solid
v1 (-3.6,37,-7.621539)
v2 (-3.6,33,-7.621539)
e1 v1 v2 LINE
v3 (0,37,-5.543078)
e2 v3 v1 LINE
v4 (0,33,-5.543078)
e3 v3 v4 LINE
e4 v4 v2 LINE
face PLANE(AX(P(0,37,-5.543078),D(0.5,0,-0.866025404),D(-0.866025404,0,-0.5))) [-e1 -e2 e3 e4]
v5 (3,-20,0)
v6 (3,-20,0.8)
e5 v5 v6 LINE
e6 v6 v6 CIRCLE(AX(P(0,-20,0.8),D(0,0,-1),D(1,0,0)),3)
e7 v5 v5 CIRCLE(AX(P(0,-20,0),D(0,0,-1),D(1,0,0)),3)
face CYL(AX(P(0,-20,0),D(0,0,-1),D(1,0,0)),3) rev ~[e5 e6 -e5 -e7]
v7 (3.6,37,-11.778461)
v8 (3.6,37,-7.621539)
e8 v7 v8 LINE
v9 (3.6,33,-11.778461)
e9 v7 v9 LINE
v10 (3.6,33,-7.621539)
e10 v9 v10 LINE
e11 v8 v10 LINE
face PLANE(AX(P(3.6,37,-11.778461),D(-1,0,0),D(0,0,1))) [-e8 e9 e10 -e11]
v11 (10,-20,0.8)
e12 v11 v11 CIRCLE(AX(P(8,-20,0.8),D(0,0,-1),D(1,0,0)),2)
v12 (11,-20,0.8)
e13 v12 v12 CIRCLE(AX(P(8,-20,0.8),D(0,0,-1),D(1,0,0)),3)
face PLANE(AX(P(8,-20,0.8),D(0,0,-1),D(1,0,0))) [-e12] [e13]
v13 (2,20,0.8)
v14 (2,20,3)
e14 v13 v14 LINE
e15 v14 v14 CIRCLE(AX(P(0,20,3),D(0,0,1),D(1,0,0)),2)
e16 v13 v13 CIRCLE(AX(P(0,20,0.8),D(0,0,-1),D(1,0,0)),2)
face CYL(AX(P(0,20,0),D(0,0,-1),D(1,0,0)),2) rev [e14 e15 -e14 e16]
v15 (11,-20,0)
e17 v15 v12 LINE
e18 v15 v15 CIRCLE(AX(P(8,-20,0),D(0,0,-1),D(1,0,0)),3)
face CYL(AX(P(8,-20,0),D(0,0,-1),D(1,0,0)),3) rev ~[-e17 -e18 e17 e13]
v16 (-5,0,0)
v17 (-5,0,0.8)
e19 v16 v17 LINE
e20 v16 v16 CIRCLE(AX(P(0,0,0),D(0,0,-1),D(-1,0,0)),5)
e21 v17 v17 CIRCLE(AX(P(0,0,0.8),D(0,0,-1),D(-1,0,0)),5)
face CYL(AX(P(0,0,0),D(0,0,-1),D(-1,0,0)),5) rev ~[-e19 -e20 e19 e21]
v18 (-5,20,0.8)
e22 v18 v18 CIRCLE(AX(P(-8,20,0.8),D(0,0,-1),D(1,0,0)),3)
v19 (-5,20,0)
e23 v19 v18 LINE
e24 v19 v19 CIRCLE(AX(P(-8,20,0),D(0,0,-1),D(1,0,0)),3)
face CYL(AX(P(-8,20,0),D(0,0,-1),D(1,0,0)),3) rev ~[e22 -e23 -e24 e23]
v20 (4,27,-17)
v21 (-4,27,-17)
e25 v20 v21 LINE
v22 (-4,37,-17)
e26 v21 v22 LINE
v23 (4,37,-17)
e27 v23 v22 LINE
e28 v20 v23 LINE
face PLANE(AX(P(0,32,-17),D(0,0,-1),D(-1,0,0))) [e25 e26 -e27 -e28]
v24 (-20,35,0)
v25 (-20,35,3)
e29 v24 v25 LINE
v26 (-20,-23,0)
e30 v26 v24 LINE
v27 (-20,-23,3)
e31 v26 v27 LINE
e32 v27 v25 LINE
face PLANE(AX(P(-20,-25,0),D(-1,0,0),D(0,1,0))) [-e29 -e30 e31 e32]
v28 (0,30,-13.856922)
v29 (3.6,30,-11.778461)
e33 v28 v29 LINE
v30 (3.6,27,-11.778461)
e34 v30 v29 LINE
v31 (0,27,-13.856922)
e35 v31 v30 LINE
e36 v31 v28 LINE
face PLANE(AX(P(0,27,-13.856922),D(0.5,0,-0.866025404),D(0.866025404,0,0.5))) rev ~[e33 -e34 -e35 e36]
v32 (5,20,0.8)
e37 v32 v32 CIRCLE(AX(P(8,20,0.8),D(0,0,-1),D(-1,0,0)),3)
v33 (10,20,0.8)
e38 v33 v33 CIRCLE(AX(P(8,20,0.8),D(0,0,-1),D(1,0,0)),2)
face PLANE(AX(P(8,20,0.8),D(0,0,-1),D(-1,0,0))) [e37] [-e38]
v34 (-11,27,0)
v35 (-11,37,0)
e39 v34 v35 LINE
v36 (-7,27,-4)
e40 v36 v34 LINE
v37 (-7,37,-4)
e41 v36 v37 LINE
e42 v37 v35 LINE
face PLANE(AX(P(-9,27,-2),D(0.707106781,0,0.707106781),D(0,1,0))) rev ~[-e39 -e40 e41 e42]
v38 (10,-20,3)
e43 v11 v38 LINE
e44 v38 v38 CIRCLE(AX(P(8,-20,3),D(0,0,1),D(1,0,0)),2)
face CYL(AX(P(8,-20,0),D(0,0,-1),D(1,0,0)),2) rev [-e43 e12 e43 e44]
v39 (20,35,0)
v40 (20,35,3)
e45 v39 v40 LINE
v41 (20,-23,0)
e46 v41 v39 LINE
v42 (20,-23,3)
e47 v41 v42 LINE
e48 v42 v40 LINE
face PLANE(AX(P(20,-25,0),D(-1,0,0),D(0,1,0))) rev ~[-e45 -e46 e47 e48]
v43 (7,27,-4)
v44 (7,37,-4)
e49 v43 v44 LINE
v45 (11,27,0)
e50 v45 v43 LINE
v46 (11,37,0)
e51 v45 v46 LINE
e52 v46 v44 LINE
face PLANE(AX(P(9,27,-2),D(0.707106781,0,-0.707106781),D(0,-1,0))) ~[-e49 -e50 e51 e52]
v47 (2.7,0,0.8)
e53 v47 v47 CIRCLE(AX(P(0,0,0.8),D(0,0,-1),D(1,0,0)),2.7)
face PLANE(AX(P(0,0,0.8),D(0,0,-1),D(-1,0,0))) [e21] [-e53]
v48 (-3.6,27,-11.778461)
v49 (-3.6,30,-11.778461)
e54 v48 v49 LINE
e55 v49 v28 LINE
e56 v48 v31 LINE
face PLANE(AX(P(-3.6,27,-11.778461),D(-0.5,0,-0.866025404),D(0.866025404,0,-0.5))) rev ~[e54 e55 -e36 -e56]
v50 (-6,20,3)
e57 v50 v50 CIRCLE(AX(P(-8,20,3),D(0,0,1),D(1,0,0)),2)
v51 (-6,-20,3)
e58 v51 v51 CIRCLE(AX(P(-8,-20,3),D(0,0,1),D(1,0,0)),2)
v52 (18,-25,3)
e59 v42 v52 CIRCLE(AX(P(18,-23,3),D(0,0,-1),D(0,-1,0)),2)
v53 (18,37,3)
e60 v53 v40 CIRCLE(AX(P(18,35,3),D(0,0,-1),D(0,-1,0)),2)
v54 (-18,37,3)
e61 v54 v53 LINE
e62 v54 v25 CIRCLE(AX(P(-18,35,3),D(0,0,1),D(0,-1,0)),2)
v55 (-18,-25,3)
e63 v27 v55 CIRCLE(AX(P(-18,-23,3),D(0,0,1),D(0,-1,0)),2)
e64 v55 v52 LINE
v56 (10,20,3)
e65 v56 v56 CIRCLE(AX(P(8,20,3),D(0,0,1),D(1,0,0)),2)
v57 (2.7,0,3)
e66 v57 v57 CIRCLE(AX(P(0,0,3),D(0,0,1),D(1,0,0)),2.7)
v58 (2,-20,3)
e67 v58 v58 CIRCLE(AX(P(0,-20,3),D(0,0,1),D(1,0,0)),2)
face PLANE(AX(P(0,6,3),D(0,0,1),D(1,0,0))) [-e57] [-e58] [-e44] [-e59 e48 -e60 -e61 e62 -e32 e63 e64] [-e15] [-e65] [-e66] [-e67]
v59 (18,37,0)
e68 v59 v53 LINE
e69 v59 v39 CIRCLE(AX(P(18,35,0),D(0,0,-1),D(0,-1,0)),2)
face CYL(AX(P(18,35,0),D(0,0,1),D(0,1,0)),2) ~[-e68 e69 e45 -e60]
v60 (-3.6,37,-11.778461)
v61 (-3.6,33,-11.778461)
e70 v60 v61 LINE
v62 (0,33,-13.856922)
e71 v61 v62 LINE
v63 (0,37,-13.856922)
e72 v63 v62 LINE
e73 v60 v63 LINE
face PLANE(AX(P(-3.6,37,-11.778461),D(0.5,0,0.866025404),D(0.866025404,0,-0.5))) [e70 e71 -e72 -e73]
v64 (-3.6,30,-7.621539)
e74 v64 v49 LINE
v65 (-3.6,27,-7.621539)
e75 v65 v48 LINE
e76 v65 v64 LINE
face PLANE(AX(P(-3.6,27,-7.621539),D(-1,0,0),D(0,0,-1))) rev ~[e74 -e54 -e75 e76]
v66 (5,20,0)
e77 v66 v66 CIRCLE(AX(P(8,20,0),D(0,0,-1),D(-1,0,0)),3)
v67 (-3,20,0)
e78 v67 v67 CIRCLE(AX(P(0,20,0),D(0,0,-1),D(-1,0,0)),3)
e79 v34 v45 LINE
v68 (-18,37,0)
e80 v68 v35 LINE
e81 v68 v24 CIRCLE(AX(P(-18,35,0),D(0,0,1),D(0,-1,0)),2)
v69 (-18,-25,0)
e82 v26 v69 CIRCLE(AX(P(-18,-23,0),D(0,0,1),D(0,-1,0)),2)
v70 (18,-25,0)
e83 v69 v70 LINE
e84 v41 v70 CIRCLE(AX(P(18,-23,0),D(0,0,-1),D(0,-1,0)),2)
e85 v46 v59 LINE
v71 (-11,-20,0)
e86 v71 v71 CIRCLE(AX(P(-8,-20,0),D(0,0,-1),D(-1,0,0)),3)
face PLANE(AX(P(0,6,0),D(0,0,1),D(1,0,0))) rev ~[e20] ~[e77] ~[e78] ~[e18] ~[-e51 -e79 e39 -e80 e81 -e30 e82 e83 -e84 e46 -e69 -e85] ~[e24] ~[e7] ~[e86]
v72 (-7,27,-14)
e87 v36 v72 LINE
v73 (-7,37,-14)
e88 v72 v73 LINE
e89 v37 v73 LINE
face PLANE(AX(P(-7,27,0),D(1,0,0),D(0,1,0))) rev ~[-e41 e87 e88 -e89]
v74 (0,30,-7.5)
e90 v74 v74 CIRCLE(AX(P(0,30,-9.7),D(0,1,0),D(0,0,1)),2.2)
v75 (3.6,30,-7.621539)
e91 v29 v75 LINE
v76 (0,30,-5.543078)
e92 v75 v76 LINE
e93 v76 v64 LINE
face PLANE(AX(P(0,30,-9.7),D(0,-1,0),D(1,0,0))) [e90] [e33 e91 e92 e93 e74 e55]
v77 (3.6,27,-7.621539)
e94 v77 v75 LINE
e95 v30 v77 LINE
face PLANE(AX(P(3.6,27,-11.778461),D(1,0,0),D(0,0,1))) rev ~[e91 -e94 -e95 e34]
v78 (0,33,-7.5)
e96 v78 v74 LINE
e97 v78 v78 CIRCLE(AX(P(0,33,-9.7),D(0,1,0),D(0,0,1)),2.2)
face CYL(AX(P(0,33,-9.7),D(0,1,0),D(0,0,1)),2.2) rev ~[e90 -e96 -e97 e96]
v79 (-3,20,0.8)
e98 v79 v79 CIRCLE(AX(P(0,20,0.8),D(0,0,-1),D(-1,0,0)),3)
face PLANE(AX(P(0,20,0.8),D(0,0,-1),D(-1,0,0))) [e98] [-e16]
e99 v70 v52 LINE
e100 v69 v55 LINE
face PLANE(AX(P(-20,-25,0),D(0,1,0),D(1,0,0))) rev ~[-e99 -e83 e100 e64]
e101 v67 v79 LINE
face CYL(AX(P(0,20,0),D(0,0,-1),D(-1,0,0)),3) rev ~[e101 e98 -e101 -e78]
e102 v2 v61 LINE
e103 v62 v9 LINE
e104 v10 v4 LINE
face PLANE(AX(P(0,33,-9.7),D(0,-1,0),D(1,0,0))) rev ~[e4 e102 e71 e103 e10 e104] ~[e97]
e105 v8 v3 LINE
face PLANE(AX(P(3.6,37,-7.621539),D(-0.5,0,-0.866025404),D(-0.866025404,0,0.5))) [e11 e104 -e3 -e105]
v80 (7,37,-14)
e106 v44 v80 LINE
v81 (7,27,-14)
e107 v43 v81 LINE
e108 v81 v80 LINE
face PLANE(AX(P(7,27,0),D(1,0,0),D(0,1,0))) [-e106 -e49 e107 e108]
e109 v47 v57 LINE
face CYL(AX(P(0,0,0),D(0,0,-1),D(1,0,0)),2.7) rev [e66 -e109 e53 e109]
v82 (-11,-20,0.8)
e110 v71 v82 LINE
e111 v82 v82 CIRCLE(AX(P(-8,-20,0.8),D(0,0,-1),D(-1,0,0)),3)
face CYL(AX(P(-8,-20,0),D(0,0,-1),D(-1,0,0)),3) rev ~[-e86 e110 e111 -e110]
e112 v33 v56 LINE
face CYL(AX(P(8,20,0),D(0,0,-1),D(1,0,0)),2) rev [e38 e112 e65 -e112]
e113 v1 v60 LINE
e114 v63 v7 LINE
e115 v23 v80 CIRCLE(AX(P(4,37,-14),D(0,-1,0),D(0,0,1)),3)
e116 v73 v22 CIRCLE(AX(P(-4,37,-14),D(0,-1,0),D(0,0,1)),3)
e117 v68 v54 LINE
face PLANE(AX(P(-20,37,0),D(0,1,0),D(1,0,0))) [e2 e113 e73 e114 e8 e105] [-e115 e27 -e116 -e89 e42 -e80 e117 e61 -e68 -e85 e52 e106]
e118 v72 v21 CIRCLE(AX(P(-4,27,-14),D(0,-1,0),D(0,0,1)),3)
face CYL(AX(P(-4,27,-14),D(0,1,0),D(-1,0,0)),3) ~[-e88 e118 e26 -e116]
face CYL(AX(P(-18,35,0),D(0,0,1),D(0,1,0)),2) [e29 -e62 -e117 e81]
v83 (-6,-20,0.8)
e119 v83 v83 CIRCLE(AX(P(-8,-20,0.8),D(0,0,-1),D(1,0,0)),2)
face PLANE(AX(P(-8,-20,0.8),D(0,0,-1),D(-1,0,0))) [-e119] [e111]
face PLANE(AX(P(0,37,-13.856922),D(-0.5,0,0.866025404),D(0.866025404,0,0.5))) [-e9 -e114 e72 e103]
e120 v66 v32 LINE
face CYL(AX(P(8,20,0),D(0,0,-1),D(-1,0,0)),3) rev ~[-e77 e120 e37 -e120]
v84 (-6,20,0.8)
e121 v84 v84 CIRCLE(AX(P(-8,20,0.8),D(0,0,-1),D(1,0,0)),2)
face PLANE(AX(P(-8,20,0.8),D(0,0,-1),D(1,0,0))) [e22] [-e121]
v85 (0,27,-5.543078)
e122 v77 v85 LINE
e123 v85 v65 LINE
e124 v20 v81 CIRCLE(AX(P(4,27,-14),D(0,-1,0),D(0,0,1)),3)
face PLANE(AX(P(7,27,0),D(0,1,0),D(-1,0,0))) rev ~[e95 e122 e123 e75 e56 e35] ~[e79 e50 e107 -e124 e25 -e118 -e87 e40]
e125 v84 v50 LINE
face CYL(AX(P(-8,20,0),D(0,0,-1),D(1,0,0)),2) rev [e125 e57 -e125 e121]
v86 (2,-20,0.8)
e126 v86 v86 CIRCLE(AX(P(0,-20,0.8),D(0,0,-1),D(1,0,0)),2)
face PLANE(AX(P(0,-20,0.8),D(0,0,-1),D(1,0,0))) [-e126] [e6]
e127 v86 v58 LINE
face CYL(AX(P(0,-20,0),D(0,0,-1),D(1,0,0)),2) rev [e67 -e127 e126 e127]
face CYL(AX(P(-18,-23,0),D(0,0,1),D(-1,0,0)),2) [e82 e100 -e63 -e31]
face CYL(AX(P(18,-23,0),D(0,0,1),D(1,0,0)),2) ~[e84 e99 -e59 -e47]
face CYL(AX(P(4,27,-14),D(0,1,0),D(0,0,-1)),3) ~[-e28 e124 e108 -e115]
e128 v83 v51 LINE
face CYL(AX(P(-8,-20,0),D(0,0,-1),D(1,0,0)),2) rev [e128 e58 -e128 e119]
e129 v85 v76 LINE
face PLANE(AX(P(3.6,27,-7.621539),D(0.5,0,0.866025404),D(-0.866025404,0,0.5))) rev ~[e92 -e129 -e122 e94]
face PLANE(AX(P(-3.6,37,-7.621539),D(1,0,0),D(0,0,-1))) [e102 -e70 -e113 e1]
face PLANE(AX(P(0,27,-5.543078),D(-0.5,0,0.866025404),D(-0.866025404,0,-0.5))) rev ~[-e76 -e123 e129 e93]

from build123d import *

# Parameters (mm, degrees)
SKETCH_1_W          = 40
SKETCH_1_H          = 62
SKETCH_1_R          = 2
SKETCH_1_R_2        = 2.7
EXTRUDE_1_DEPTH     = 3
SKETCH_3_W          = 14
SKETCH_3_H          = 10
EXTRUDE_2_DEPTH     = 17
CUT_EXTRUDE_START   = -10
CUT_EXTRUDE_1_DEPTH = 4
CUT_EXTRUDE_2_REACH = 65.663
SKETCH_6_R          = 2.2
FILLET_1_R          = 3
CHAMFER_1_SIZE      = 4
CUT_EXTRUDE_3_DEPTH = 3
FILLET_2_R          = 2
SKETCH_7_R          = 5
SKETCH_7_R_2        = 3
CUT_EXTRUDE_4_DEPTH = 0.8


with BuildPart() as part:
    # 草图1 → 凸台-拉伸1 (new body)
    with BuildSketch(Plane.XY):
        with Locations((0, 6)):
            Rectangle(SKETCH_1_W, SKETCH_1_H)
        with Locations((0, 20)):
            Circle(SKETCH_1_R, mode=Mode.SUBTRACT)
        with Locations((8, 20)):
            Circle(SKETCH_1_R, mode=Mode.SUBTRACT)
        with Locations((-8, -20)):
            Circle(SKETCH_1_R, mode=Mode.SUBTRACT)
        with Locations((0, -20)):
            Circle(SKETCH_1_R, mode=Mode.SUBTRACT)
        with Locations((8, -20)):
            Circle(SKETCH_1_R, mode=Mode.SUBTRACT)
        with Locations((-8, 20)):
            Circle(SKETCH_1_R, mode=Mode.SUBTRACT)
        Circle(SKETCH_1_R_2, mode=Mode.SUBTRACT)
    extrude(amount=EXTRUDE_1_DEPTH)

    # 草图3 → 凸台-拉伸2 (add)
    with BuildSketch(Plane(origin=(0, 0, 0), x_dir=(-1, 0, 0), z_dir=(0, 0, -1))):
        with Locations((0, 32)):
            Rectangle(SKETCH_3_W, SKETCH_3_H)
    extrude(amount=EXTRUDE_2_DEPTH)

    # 草图5 → 切除-拉伸1 (cut)
    with BuildSketch(Plane.XZ.offset(-27).offset(CUT_EXTRUDE_START)):
        Polygon((3.6, -11.778460969), (3.6, -7.621539031), (0, -5.543078062), (-3.6, -7.621539031), (-3.6, -11.778460969), (0, -13.856921938), align=None)
    extrude(amount=CUT_EXTRUDE_1_DEPTH, mode=Mode.SUBTRACT)

    # 草图6 → 切除-拉伸2 (cut, up to next)
    with BuildSketch(Plane(origin=(0, 33, 0), x_dir=(-1, 0, 0), z_dir=(0, 1, 0)), mode=Mode.PRIVATE) as cut_extrude_2_sk1:
        with Locations(Location((0, -9.7, 0), (0, 0, 90))):
            Circle(SKETCH_6_R)
    cut_extrude_2_tool1 = extrude(cut_extrude_2_sk1.sketch, amount=-CUT_EXTRUDE_2_REACH, mode=Mode.PRIVATE) & part.part
    add(cut_extrude_2_tool1.solids().sort_by_distance((0, 33, -9.7))[0], mode=Mode.SUBTRACT)

    # 圆角1
    fillet_1_edges = [part.edges().sort_by_distance(p)[0] for p in [
        (-7, 32, -17),
        (7, 32, -17),
    ]]
    fillet(fillet_1_edges, radius=FILLET_1_R)

    # 倒角1
    chamfer_1_edges = [part.edges().sort_by_distance(p)[0] for p in [
        (-7, 32, 0),
        (7, 32, 0),
    ]]
    chamfer(chamfer_1_edges, length=CHAMFER_1_SIZE)

    # 草图5<2> → 切除-拉伸3 (cut)
    with BuildSketch(Plane.XZ.offset(-27)):
        Polygon((3.6, -11.778460969), (3.6, -7.621539031), (0, -5.543078062), (-3.6, -7.621539031), (-3.6, -11.778460969), (0, -13.856921938), align=None)
    extrude(amount=-CUT_EXTRUDE_3_DEPTH, mode=Mode.SUBTRACT)

    # 圆角2
    fillet_2_edges = [part.edges().sort_by_distance(p)[0] for p in [
        (-20, 37, 1.5),
        (20, 37, 1.5),
        (20, -25, 1.5),
        (-20, -25, 1.5),
    ]]
    fillet(fillet_2_edges, radius=FILLET_2_R)

    # 草图7 → 切除-拉伸4 (cut)
    with BuildSketch(Plane(origin=(0, 0, 0), x_dir=(-1, 0, 0), z_dir=(0, 0, -1))):
        Circle(SKETCH_7_R)
        with Locations((-8, 20)):
            Circle(SKETCH_7_R_2)
        with Locations((0, 20)):
            Circle(SKETCH_7_R_2)
        with Locations(Location((8, 20, 0), (0, 0, 180))):
            Circle(SKETCH_7_R_2)
        with Locations((8, -20)):
            Circle(SKETCH_7_R_2)
        with Locations(Location((0, -20, 0), (0, 0, 180))):
            Circle(SKETCH_7_R_2)
        with Locations(Location((-8, -20, 0), (0, 0, 180))):
            Circle(SKETCH_7_R_2)
    extrude(amount=-CUT_EXTRUDE_4_DEPTH, mode=Mode.SUBTRACT)


solid = part.part
